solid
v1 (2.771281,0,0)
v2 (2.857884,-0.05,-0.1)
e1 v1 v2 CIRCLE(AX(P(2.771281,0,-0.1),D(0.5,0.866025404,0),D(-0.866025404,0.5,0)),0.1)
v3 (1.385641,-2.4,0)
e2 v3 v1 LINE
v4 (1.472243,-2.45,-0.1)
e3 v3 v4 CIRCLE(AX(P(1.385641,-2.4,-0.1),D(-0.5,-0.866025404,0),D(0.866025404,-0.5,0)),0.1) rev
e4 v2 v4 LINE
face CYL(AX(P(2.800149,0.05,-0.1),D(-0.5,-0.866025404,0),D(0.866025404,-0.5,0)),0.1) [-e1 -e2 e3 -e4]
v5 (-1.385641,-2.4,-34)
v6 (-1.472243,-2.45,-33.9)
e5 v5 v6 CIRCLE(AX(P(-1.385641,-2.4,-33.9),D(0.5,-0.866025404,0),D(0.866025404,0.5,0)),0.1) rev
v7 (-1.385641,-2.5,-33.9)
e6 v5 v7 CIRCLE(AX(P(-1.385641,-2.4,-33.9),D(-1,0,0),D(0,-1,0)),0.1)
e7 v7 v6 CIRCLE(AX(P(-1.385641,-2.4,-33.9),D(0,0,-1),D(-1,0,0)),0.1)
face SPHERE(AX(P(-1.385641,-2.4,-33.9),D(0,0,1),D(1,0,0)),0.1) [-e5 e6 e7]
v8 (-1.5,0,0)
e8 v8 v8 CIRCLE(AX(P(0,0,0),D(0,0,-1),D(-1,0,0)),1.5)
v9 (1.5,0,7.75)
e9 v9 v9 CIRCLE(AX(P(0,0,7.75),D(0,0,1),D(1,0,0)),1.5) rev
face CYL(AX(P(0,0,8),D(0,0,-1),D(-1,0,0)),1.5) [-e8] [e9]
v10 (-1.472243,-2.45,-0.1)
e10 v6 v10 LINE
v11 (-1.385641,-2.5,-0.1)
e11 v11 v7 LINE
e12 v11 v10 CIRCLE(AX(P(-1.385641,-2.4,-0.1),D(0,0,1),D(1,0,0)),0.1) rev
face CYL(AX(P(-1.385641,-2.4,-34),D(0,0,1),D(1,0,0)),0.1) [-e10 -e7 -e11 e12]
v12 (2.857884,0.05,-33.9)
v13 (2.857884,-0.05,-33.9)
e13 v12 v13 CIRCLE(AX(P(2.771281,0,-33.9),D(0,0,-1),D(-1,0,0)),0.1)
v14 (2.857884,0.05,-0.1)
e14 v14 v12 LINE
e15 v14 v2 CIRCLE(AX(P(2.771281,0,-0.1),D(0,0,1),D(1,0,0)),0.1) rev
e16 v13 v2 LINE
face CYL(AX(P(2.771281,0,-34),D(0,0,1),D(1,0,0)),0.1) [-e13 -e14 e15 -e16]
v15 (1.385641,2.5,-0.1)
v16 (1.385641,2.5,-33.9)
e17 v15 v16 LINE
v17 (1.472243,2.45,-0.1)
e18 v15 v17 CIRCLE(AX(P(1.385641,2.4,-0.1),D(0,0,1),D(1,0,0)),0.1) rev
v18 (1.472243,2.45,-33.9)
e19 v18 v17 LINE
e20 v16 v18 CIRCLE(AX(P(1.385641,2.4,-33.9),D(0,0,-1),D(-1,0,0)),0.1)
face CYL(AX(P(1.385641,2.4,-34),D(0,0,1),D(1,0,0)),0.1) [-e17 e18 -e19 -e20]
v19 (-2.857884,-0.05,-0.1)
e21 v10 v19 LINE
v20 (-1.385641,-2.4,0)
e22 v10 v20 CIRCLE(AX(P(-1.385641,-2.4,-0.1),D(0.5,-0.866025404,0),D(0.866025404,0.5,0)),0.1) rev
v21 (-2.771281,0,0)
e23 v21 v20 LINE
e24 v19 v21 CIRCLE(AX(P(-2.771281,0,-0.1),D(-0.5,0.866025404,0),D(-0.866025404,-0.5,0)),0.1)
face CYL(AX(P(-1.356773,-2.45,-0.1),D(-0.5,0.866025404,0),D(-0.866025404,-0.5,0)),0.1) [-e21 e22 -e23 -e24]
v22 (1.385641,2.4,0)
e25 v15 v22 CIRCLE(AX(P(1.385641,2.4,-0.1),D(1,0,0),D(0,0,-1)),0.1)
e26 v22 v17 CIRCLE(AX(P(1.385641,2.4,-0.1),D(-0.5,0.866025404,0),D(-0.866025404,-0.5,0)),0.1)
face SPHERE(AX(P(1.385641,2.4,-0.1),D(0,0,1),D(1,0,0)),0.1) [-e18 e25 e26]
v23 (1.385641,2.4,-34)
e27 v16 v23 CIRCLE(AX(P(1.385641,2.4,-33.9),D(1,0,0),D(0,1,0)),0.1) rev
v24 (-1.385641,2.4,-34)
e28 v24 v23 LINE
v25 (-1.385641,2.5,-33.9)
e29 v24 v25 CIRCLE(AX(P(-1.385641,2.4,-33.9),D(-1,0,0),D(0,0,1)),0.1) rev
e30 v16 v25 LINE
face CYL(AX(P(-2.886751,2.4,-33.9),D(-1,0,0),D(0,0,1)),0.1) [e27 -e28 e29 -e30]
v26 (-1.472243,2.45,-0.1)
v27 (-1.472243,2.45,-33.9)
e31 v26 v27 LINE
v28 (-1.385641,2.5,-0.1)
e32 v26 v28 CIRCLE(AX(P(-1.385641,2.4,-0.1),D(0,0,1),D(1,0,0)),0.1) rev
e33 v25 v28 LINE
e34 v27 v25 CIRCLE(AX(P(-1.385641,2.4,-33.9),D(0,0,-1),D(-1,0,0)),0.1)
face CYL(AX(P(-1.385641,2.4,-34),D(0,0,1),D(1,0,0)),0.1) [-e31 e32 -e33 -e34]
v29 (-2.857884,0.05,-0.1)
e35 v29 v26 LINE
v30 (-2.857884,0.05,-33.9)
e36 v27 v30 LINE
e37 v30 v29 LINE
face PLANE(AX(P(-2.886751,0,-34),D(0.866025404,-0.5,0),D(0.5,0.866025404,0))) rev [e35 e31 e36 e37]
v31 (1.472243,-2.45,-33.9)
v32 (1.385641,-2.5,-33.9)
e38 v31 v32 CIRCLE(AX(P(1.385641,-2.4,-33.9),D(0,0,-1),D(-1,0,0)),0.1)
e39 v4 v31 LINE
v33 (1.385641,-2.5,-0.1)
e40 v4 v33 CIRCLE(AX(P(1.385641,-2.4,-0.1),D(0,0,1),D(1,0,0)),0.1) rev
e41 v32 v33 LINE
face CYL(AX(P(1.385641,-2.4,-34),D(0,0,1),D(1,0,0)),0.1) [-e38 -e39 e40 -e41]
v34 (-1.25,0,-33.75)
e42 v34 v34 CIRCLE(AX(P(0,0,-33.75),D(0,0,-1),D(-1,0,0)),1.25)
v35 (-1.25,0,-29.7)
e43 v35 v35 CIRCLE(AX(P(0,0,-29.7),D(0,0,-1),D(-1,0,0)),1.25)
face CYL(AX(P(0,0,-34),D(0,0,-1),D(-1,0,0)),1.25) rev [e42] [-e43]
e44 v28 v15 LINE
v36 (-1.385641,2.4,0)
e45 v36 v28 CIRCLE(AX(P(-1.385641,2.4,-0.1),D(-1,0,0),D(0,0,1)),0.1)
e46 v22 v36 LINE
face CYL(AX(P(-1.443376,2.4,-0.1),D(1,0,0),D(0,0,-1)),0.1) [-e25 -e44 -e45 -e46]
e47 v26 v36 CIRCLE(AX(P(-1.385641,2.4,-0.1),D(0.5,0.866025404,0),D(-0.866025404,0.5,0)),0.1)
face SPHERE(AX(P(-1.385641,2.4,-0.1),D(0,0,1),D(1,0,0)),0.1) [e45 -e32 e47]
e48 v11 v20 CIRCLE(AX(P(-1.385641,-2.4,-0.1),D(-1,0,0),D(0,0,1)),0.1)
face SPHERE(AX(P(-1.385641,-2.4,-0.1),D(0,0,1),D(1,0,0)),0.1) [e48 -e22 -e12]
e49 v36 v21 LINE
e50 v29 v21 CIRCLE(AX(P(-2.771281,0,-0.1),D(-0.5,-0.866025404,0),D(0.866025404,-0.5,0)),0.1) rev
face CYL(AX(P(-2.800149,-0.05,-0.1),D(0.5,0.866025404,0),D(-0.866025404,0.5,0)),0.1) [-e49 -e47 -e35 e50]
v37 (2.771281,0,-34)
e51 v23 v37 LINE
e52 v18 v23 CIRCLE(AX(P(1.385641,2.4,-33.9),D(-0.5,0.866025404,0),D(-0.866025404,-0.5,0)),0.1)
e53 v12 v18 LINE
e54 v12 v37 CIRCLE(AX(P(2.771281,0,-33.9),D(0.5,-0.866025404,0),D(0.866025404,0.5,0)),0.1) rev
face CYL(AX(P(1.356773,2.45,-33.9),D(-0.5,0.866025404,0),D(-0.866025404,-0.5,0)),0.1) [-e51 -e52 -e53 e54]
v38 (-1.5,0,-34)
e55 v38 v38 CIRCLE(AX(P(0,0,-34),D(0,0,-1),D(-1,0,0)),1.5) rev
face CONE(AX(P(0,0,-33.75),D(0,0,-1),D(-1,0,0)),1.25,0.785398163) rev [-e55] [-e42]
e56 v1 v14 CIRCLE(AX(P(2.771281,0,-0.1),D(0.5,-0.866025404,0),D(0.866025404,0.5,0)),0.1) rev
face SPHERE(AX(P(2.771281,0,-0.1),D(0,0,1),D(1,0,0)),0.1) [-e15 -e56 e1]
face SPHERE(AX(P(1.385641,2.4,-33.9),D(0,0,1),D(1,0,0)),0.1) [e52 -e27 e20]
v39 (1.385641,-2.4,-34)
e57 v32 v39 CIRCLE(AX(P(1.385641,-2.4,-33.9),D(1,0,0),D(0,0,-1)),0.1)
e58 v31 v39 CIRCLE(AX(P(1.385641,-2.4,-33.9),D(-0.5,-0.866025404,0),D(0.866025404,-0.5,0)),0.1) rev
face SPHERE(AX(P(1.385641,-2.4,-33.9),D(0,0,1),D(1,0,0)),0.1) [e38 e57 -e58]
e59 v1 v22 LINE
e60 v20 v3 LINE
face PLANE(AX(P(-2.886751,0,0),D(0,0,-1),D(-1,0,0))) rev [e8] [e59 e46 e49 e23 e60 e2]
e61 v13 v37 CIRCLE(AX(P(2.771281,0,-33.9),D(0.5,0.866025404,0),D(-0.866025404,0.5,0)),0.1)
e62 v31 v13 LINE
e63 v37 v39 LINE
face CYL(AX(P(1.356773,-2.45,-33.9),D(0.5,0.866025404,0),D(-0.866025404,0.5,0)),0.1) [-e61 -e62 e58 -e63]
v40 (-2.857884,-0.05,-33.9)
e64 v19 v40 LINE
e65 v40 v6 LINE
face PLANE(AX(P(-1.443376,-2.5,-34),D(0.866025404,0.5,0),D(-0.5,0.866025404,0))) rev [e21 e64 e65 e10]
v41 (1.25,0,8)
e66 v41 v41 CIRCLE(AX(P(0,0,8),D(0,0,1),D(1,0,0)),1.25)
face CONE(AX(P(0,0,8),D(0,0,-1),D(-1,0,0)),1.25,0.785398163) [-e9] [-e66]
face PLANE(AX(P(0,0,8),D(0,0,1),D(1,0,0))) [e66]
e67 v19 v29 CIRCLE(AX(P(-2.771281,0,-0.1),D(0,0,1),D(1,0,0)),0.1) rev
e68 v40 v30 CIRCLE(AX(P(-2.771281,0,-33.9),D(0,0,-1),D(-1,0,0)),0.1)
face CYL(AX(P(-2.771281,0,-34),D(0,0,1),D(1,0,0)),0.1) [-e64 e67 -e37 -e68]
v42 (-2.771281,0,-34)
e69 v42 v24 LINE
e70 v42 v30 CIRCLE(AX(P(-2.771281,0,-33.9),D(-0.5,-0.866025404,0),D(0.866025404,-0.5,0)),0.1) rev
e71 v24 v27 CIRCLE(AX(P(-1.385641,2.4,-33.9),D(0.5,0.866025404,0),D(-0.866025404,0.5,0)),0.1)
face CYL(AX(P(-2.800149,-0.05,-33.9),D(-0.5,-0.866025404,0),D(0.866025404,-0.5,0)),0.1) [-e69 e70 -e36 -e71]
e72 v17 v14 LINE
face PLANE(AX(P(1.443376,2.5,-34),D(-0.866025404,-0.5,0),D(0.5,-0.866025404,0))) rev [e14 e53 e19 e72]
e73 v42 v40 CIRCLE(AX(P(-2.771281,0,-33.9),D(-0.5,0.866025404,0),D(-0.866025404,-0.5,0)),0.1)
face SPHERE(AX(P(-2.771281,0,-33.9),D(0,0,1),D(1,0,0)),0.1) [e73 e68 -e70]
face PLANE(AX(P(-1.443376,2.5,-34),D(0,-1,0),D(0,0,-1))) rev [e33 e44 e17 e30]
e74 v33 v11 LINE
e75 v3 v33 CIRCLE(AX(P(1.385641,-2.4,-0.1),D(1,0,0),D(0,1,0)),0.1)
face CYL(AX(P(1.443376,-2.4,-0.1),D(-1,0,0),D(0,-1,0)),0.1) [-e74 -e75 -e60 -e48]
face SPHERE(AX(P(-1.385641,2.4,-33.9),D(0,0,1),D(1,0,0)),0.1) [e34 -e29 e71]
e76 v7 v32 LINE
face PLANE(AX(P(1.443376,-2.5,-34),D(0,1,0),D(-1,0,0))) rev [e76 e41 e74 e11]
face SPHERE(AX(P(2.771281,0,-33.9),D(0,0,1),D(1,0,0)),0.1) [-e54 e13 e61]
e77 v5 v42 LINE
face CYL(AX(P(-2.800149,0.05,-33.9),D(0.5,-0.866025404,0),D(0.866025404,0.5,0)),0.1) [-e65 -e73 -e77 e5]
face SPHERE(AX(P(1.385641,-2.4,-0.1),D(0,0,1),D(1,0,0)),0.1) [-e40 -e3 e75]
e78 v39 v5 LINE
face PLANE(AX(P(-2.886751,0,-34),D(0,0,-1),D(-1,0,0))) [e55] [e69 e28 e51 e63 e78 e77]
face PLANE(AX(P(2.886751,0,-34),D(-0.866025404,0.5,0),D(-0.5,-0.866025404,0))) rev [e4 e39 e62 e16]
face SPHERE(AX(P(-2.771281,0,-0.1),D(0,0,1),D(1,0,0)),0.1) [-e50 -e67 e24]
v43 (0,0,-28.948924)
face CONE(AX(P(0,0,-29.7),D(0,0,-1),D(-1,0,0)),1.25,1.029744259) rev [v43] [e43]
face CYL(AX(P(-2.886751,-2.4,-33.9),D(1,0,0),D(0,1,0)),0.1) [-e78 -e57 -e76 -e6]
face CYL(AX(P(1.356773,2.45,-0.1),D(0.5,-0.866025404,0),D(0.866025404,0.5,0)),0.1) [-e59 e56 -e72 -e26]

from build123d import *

# Parameters (mm, degrees)
SKETCH_1_R      = 1.5
EXTRUDE_1_DEPTH = 8
EXTRUDE_3_DEPTH = 34
M3X0_51_D       = 2.5
M3X0_51_DEPTH   = 4.3
M3X0_51_TIP     = 0.751075774
CHAMFER_1_SIZE  = 0.25
FILLET_1_R      = 0.1


with BuildPart() as part:
    # Эскиз1 → Бобышка-Вытянуть1 (new body)
    with BuildSketch(Plane.XY):
        Circle(SKETCH_1_R)
    extrude(amount=EXTRUDE_1_DEPTH)

    # Эскиз3 → Бобышка-Вытянуть3 (add)
    with BuildSketch(Plane(origin=(0, 0, 0), x_dir=(-1, 0, 0), z_dir=(0, 0, -1))):
        Polygon((2.886751346, 0), (1.443375673, 2.5), (-1.443375673, 2.5), (-2.886751346, 0), (-1.443375673, -2.5), (1.443375673, -2.5), align=None)
    extrude(amount=EXTRUDE_3_DEPTH)

    # Сверление под метчик M3x0.51
    with Locations(Plane(origin=(0, 0, -34), x_dir=(-1, 0, 0), z_dir=(0, 0, -1))):
        with Locations((0, 0)):
            Hole(M3X0_51_D / 2, depth=M3X0_51_DEPTH)
            with Locations((0, 0, -(M3X0_51_DEPTH + M3X0_51_TIP / 2))):  # 118° drill point
                Cone(0, M3X0_51_D / 2, M3X0_51_TIP, mode=Mode.SUBTRACT)

    # Фаска1
    chamfer_1_edges = [part.edges().sort_by_distance(p)[0] for p in [
        (-1.25, 0, -34),
        (-1.5, 0, 8),
    ]]
    chamfer(chamfer_1_edges, length=CHAMFER_1_SIZE)

    # Скругление1
    fillet_1_edges = [part.edges().sort_by_distance(p)[0] for p in [
        (-2.165063509, -1.25, 0),
        (-1.443375673, -2.5, -17),
        (-2.165063509, 1.25, 0),
        (-2.886751346, 0, -17),
        (0, 2.5, 0),
        (-1.443375673, 2.5, -17),
        (2.165063509, 1.25, 0),
        (1.443375673, 2.5, -17),
        (2.165063509, -1.25, 0),
        (2.886751346, 0, -17),
        (0, -2.5, 0),
        (1.443375673, -2.5, -17),
        (-2.165063509, -1.25, -34),
        (-2.165063509, 1.25, -34),
        (0, 2.5, -34),
        (2.165063509, 1.25, -34),
        (2.165063509, -1.25, -34),
        (0, -2.5, -34),
    ]]
    fillet(fillet_1_edges, radius=FILLET_1_R)


solid = part.part
